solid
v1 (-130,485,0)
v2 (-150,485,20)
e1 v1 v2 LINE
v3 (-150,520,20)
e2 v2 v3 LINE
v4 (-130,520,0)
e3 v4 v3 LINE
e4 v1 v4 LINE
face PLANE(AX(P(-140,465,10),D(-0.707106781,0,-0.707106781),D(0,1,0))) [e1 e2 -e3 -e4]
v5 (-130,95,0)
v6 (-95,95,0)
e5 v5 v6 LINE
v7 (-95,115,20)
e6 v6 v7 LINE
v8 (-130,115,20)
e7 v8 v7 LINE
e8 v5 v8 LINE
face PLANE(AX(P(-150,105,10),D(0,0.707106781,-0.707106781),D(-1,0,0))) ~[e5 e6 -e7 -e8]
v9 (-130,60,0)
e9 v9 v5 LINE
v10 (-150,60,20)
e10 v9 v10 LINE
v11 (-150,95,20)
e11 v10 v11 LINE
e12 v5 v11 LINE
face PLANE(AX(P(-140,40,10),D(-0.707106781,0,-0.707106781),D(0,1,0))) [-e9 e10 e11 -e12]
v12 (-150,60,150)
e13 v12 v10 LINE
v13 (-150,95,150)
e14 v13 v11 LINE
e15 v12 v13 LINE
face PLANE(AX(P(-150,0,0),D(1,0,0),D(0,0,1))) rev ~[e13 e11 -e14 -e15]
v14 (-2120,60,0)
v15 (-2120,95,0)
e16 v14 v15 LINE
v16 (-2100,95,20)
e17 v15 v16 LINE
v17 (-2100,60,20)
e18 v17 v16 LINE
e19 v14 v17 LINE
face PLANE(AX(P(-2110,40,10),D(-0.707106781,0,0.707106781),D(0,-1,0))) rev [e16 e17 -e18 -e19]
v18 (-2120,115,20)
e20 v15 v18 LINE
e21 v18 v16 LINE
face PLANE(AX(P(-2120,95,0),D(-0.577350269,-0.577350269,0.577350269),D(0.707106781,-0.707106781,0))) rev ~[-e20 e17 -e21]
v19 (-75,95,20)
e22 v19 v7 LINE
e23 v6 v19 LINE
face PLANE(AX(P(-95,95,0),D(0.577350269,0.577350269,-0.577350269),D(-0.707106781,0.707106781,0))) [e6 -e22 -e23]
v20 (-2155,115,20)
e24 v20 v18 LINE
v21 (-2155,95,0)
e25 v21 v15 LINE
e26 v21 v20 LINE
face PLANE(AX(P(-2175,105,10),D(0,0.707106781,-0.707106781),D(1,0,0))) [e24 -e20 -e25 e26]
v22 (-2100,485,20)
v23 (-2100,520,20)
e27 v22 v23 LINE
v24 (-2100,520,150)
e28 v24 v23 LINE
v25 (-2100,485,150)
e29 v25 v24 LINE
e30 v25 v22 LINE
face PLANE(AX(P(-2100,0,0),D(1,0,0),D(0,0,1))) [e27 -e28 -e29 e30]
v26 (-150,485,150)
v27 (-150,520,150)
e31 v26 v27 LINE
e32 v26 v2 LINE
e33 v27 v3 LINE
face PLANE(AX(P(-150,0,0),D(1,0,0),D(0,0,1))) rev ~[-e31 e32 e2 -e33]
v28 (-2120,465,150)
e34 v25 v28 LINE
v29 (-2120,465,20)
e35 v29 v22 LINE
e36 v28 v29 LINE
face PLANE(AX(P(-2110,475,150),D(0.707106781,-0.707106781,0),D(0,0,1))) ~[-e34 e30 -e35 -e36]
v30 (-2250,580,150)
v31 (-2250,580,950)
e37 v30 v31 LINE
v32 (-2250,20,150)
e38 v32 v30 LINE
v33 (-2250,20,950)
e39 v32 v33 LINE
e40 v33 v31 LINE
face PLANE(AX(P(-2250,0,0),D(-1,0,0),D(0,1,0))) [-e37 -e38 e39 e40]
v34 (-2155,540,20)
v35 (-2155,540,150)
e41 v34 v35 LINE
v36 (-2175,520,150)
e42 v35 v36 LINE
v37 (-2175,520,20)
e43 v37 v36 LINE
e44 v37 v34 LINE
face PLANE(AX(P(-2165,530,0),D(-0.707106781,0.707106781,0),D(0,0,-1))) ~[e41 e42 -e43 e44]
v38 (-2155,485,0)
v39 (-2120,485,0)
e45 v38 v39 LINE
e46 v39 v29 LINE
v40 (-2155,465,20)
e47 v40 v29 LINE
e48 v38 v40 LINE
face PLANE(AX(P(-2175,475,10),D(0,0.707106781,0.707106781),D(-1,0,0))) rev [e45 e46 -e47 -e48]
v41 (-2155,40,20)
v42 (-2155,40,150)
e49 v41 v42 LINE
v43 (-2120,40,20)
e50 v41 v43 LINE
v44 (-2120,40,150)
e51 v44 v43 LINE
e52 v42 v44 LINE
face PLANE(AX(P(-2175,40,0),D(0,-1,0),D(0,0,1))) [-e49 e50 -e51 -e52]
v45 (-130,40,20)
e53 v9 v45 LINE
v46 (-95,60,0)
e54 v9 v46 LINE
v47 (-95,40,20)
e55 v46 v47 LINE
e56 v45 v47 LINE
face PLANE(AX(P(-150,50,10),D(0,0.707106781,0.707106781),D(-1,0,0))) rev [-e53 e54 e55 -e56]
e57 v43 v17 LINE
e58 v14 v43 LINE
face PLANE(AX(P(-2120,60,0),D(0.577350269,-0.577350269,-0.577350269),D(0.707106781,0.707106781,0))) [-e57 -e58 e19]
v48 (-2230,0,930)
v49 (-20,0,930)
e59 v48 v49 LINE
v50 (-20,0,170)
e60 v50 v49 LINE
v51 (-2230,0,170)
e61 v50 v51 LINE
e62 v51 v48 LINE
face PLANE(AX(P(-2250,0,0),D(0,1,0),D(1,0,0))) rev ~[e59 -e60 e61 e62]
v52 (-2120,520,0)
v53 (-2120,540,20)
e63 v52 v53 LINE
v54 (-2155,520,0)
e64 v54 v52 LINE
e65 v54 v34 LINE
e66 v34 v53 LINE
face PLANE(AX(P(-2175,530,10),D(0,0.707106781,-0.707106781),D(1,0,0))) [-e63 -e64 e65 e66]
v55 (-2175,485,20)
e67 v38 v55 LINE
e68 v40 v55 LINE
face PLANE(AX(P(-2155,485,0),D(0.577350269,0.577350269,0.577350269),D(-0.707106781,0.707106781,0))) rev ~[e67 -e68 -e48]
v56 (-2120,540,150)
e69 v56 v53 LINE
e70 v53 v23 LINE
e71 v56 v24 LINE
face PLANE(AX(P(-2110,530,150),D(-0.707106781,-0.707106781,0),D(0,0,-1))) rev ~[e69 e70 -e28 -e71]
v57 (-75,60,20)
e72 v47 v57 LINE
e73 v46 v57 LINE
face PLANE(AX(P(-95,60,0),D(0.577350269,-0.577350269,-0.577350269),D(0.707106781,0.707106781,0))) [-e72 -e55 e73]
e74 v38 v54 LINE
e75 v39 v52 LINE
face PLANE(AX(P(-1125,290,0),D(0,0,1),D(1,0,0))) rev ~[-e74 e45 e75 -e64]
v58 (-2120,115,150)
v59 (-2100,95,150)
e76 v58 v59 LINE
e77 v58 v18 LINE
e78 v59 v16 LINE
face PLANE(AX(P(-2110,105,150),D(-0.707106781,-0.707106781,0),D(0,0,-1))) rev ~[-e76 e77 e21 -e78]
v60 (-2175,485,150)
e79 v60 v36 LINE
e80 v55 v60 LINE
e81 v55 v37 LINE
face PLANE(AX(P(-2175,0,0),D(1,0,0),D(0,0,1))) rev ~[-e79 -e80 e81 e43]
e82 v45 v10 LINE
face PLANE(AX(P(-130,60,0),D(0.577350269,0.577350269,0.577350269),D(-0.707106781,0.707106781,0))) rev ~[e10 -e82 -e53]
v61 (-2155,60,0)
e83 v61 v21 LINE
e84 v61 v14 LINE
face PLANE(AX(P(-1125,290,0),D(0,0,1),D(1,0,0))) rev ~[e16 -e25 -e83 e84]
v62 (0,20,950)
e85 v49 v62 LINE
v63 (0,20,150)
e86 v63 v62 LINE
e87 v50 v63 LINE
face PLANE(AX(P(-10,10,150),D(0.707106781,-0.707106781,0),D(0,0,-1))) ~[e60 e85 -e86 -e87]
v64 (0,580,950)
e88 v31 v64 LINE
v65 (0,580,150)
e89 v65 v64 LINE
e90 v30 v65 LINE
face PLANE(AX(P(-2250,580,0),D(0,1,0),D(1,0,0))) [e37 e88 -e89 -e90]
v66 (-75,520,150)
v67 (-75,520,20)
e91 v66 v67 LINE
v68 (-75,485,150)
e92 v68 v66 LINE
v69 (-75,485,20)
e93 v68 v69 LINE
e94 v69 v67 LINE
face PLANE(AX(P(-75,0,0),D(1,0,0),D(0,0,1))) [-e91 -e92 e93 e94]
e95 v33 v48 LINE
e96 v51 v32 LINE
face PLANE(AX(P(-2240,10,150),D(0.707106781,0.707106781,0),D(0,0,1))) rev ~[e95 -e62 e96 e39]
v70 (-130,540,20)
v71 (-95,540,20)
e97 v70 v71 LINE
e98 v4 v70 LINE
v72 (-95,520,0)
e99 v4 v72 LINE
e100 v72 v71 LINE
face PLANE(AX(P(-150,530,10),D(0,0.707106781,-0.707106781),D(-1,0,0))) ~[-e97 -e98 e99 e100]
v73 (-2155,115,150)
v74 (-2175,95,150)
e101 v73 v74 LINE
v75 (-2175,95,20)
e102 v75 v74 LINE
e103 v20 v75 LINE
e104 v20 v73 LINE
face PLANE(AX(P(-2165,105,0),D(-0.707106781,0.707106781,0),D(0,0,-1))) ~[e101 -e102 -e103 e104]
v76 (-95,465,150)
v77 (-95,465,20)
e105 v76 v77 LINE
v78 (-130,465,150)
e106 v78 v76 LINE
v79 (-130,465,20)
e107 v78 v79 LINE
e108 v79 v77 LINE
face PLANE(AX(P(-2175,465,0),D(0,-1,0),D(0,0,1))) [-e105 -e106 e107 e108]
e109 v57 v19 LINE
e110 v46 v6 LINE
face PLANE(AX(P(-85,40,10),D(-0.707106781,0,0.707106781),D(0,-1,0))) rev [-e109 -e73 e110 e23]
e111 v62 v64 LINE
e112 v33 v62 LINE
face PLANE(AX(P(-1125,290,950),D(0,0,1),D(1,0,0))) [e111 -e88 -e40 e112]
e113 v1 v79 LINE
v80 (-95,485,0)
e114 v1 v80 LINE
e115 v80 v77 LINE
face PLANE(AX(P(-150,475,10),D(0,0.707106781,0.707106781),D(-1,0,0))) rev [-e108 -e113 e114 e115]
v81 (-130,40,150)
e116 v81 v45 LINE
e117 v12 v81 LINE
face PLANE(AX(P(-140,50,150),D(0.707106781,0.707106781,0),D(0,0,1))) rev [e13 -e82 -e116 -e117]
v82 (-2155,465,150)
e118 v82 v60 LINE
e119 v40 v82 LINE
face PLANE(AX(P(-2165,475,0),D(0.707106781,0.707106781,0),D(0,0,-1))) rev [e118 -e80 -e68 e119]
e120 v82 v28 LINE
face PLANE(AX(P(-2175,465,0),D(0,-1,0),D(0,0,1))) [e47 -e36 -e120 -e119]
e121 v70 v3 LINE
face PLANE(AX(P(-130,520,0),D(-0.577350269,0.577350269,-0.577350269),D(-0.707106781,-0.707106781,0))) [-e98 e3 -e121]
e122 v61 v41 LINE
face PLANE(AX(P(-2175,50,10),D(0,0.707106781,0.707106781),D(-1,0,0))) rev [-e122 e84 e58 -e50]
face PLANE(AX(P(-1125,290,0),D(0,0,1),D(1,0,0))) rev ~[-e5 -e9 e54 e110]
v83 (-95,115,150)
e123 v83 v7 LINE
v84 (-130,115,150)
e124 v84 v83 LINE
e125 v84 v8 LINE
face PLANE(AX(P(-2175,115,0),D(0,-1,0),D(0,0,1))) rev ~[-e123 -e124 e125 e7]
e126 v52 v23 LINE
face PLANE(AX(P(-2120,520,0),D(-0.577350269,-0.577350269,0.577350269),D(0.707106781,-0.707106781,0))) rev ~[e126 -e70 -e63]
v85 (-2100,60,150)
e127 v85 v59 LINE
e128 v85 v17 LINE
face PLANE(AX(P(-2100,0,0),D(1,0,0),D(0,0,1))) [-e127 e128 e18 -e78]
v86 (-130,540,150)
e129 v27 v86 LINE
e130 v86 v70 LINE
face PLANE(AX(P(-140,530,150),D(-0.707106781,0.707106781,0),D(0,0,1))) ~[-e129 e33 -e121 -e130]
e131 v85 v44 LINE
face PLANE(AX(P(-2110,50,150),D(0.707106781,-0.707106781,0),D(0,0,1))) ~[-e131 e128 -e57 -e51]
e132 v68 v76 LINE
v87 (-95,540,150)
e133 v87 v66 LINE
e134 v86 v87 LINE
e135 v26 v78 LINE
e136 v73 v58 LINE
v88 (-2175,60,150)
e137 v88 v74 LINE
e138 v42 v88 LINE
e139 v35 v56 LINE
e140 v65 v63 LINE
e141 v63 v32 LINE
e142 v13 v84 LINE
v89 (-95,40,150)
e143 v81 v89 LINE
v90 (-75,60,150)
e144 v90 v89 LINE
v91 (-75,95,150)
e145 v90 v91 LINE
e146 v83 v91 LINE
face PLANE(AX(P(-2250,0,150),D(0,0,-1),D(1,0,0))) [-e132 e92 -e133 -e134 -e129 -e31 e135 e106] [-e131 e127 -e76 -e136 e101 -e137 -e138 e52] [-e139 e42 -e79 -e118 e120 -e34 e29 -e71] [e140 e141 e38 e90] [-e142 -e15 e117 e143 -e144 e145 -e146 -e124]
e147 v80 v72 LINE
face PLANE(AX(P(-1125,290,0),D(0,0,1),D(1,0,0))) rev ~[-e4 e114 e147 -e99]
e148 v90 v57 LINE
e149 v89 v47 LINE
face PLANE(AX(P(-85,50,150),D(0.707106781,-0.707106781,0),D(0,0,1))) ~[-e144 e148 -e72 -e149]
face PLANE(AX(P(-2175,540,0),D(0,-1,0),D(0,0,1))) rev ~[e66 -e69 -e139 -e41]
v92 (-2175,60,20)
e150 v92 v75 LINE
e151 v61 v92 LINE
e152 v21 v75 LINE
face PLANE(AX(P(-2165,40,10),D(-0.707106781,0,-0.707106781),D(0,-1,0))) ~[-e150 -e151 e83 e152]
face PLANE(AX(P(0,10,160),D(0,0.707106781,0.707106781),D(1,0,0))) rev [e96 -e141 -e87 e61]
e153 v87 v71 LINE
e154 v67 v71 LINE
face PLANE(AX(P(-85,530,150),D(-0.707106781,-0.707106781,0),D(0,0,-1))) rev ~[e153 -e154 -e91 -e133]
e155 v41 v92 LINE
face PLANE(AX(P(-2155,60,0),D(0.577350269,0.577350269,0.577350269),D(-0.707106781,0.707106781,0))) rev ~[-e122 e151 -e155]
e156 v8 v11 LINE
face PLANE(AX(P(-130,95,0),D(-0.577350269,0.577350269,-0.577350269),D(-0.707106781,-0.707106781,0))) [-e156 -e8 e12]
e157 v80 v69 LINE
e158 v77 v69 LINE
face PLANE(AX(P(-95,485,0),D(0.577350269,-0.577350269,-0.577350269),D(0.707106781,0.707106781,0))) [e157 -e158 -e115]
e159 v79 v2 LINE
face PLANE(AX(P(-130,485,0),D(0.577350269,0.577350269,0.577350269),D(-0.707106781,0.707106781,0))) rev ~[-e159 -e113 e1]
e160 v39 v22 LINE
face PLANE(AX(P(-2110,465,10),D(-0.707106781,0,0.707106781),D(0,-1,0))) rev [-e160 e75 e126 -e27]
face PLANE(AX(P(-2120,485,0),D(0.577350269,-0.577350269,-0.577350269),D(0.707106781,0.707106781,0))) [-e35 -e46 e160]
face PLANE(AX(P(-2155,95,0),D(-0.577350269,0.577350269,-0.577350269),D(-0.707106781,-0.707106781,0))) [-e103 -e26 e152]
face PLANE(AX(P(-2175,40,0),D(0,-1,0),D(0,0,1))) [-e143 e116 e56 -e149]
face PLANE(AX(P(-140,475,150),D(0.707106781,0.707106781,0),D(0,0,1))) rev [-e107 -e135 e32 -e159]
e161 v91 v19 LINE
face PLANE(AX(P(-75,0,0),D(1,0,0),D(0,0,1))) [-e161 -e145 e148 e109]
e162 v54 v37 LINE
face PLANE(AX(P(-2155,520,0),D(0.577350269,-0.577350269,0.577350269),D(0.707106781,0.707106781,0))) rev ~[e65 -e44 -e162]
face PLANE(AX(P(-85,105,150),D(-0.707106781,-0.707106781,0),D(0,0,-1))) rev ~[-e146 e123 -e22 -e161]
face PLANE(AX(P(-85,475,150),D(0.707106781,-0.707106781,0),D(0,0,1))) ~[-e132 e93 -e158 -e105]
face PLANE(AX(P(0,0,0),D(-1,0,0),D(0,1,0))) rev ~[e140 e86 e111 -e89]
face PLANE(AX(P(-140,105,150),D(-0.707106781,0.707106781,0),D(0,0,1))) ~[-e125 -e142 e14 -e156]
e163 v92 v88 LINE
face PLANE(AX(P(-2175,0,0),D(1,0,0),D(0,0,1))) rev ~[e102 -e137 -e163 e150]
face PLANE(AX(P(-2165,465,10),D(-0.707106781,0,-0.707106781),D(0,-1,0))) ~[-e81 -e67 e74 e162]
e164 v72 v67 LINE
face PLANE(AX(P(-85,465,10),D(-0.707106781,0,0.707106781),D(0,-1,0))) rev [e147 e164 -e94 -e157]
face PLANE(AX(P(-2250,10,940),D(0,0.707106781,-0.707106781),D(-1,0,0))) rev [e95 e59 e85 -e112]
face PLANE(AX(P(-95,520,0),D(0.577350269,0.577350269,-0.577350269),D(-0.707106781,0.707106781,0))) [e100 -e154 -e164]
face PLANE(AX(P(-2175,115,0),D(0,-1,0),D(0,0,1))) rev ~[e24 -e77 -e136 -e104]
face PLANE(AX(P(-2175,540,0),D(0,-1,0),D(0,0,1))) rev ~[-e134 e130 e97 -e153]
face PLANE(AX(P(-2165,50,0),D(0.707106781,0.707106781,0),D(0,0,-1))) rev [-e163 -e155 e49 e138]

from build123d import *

# Parameters (mm, degrees)
F0_W     = 2250
F0_H     = 580
F1_DEPTH = 950
F2_W     = 1950
F2_H     = 150
F2_W_2   = 75
F3_DEPTH = 600
F4_W     = 40
F4_H     = 150
F4_W_2   = 350
F5_DEPTH = 2250
F6_SIZE  = 20


with BuildPart() as f1:
    # F0 (on Top) → F1 (new body)
    with BuildSketch(Plane.XY):
        with Locations((-1125, 290)):
            Rectangle(F0_W, F0_H)
    extrude(amount=F1_DEPTH)

    # F2 (on face) → F3 (cut)
    with BuildSketch(Plane.XZ):
        with Locations((-1125, 75)):
            Rectangle(F2_W, F2_H)
        with Locations((-2212.5, 75)):
            Rectangle(F2_W_2, F2_H)
        with Locations((-37.5, 75)):
            Rectangle(F2_W_2, F2_H)
    extrude(amount=-F3_DEPTH, mode=Mode.SUBTRACT)

    # F4 (on face) → F5 (cut)
    with BuildSketch(Plane(origin=(-2175, 0, 0), x_dir=(0, -1, 0), z_dir=(-1, 0, 0))):
        with Locations((-560, 75)):
            Rectangle(F4_W, F4_H)
        with Locations((-20, 75)):
            Rectangle(F4_W, F4_H)
        with Locations((-290, 75)):
            Rectangle(F4_W_2, F4_H)
    extrude(amount=-F5_DEPTH, mode=Mode.SUBTRACT)

    # F6
    f6_edges = [f1.edges().sort_by_distance(p)[0] for p in [
        (0, 0, 550),
        (-1125, 0, 150),
        (-2250, 0, 550),
        (-1125, 0, 950),
        (-2175, 40, 75),
        (-2100, 40, 75),
        (-2100, 115, 75),
        (-2175, 465, 75),
        (-2100, 465, 75),
        (-2100, 540, 75),
        (-2175, 540, 75),
        (-2175, 115, 75),
        (-75, 540, 75),
        (-75, 465, 75),
        (-75, 115, 75),
        (-75, 40, 75),
        (-150, 465, 75),
        (-150, 540, 75),
        (-150, 115, 75),
        (-150, 40, 75),
        (-112.5, 40, 0),
        (-75, 77.5, 0),
        (-112.5, 115, 0),
        (-150, 77.5, 0),
        (-112.5, 465, 0),
        (-75, 502.5, 0),
        (-112.5, 540, 0),
        (-150, 502.5, 0),
        (-2137.5, 465, 0),
        (-2175, 502.5, 0),
        (-2137.5, 540, 0),
        (-2100, 502.5, 0),
        (-2137.5, 115, 0),
        (-2137.5, 40, 0),
        (-2100, 77.5, 0),
        (-2175, 77.5, 0),
    ]]
    chamfer(f6_edges, length=F6_SIZE)


solid = f1.part
